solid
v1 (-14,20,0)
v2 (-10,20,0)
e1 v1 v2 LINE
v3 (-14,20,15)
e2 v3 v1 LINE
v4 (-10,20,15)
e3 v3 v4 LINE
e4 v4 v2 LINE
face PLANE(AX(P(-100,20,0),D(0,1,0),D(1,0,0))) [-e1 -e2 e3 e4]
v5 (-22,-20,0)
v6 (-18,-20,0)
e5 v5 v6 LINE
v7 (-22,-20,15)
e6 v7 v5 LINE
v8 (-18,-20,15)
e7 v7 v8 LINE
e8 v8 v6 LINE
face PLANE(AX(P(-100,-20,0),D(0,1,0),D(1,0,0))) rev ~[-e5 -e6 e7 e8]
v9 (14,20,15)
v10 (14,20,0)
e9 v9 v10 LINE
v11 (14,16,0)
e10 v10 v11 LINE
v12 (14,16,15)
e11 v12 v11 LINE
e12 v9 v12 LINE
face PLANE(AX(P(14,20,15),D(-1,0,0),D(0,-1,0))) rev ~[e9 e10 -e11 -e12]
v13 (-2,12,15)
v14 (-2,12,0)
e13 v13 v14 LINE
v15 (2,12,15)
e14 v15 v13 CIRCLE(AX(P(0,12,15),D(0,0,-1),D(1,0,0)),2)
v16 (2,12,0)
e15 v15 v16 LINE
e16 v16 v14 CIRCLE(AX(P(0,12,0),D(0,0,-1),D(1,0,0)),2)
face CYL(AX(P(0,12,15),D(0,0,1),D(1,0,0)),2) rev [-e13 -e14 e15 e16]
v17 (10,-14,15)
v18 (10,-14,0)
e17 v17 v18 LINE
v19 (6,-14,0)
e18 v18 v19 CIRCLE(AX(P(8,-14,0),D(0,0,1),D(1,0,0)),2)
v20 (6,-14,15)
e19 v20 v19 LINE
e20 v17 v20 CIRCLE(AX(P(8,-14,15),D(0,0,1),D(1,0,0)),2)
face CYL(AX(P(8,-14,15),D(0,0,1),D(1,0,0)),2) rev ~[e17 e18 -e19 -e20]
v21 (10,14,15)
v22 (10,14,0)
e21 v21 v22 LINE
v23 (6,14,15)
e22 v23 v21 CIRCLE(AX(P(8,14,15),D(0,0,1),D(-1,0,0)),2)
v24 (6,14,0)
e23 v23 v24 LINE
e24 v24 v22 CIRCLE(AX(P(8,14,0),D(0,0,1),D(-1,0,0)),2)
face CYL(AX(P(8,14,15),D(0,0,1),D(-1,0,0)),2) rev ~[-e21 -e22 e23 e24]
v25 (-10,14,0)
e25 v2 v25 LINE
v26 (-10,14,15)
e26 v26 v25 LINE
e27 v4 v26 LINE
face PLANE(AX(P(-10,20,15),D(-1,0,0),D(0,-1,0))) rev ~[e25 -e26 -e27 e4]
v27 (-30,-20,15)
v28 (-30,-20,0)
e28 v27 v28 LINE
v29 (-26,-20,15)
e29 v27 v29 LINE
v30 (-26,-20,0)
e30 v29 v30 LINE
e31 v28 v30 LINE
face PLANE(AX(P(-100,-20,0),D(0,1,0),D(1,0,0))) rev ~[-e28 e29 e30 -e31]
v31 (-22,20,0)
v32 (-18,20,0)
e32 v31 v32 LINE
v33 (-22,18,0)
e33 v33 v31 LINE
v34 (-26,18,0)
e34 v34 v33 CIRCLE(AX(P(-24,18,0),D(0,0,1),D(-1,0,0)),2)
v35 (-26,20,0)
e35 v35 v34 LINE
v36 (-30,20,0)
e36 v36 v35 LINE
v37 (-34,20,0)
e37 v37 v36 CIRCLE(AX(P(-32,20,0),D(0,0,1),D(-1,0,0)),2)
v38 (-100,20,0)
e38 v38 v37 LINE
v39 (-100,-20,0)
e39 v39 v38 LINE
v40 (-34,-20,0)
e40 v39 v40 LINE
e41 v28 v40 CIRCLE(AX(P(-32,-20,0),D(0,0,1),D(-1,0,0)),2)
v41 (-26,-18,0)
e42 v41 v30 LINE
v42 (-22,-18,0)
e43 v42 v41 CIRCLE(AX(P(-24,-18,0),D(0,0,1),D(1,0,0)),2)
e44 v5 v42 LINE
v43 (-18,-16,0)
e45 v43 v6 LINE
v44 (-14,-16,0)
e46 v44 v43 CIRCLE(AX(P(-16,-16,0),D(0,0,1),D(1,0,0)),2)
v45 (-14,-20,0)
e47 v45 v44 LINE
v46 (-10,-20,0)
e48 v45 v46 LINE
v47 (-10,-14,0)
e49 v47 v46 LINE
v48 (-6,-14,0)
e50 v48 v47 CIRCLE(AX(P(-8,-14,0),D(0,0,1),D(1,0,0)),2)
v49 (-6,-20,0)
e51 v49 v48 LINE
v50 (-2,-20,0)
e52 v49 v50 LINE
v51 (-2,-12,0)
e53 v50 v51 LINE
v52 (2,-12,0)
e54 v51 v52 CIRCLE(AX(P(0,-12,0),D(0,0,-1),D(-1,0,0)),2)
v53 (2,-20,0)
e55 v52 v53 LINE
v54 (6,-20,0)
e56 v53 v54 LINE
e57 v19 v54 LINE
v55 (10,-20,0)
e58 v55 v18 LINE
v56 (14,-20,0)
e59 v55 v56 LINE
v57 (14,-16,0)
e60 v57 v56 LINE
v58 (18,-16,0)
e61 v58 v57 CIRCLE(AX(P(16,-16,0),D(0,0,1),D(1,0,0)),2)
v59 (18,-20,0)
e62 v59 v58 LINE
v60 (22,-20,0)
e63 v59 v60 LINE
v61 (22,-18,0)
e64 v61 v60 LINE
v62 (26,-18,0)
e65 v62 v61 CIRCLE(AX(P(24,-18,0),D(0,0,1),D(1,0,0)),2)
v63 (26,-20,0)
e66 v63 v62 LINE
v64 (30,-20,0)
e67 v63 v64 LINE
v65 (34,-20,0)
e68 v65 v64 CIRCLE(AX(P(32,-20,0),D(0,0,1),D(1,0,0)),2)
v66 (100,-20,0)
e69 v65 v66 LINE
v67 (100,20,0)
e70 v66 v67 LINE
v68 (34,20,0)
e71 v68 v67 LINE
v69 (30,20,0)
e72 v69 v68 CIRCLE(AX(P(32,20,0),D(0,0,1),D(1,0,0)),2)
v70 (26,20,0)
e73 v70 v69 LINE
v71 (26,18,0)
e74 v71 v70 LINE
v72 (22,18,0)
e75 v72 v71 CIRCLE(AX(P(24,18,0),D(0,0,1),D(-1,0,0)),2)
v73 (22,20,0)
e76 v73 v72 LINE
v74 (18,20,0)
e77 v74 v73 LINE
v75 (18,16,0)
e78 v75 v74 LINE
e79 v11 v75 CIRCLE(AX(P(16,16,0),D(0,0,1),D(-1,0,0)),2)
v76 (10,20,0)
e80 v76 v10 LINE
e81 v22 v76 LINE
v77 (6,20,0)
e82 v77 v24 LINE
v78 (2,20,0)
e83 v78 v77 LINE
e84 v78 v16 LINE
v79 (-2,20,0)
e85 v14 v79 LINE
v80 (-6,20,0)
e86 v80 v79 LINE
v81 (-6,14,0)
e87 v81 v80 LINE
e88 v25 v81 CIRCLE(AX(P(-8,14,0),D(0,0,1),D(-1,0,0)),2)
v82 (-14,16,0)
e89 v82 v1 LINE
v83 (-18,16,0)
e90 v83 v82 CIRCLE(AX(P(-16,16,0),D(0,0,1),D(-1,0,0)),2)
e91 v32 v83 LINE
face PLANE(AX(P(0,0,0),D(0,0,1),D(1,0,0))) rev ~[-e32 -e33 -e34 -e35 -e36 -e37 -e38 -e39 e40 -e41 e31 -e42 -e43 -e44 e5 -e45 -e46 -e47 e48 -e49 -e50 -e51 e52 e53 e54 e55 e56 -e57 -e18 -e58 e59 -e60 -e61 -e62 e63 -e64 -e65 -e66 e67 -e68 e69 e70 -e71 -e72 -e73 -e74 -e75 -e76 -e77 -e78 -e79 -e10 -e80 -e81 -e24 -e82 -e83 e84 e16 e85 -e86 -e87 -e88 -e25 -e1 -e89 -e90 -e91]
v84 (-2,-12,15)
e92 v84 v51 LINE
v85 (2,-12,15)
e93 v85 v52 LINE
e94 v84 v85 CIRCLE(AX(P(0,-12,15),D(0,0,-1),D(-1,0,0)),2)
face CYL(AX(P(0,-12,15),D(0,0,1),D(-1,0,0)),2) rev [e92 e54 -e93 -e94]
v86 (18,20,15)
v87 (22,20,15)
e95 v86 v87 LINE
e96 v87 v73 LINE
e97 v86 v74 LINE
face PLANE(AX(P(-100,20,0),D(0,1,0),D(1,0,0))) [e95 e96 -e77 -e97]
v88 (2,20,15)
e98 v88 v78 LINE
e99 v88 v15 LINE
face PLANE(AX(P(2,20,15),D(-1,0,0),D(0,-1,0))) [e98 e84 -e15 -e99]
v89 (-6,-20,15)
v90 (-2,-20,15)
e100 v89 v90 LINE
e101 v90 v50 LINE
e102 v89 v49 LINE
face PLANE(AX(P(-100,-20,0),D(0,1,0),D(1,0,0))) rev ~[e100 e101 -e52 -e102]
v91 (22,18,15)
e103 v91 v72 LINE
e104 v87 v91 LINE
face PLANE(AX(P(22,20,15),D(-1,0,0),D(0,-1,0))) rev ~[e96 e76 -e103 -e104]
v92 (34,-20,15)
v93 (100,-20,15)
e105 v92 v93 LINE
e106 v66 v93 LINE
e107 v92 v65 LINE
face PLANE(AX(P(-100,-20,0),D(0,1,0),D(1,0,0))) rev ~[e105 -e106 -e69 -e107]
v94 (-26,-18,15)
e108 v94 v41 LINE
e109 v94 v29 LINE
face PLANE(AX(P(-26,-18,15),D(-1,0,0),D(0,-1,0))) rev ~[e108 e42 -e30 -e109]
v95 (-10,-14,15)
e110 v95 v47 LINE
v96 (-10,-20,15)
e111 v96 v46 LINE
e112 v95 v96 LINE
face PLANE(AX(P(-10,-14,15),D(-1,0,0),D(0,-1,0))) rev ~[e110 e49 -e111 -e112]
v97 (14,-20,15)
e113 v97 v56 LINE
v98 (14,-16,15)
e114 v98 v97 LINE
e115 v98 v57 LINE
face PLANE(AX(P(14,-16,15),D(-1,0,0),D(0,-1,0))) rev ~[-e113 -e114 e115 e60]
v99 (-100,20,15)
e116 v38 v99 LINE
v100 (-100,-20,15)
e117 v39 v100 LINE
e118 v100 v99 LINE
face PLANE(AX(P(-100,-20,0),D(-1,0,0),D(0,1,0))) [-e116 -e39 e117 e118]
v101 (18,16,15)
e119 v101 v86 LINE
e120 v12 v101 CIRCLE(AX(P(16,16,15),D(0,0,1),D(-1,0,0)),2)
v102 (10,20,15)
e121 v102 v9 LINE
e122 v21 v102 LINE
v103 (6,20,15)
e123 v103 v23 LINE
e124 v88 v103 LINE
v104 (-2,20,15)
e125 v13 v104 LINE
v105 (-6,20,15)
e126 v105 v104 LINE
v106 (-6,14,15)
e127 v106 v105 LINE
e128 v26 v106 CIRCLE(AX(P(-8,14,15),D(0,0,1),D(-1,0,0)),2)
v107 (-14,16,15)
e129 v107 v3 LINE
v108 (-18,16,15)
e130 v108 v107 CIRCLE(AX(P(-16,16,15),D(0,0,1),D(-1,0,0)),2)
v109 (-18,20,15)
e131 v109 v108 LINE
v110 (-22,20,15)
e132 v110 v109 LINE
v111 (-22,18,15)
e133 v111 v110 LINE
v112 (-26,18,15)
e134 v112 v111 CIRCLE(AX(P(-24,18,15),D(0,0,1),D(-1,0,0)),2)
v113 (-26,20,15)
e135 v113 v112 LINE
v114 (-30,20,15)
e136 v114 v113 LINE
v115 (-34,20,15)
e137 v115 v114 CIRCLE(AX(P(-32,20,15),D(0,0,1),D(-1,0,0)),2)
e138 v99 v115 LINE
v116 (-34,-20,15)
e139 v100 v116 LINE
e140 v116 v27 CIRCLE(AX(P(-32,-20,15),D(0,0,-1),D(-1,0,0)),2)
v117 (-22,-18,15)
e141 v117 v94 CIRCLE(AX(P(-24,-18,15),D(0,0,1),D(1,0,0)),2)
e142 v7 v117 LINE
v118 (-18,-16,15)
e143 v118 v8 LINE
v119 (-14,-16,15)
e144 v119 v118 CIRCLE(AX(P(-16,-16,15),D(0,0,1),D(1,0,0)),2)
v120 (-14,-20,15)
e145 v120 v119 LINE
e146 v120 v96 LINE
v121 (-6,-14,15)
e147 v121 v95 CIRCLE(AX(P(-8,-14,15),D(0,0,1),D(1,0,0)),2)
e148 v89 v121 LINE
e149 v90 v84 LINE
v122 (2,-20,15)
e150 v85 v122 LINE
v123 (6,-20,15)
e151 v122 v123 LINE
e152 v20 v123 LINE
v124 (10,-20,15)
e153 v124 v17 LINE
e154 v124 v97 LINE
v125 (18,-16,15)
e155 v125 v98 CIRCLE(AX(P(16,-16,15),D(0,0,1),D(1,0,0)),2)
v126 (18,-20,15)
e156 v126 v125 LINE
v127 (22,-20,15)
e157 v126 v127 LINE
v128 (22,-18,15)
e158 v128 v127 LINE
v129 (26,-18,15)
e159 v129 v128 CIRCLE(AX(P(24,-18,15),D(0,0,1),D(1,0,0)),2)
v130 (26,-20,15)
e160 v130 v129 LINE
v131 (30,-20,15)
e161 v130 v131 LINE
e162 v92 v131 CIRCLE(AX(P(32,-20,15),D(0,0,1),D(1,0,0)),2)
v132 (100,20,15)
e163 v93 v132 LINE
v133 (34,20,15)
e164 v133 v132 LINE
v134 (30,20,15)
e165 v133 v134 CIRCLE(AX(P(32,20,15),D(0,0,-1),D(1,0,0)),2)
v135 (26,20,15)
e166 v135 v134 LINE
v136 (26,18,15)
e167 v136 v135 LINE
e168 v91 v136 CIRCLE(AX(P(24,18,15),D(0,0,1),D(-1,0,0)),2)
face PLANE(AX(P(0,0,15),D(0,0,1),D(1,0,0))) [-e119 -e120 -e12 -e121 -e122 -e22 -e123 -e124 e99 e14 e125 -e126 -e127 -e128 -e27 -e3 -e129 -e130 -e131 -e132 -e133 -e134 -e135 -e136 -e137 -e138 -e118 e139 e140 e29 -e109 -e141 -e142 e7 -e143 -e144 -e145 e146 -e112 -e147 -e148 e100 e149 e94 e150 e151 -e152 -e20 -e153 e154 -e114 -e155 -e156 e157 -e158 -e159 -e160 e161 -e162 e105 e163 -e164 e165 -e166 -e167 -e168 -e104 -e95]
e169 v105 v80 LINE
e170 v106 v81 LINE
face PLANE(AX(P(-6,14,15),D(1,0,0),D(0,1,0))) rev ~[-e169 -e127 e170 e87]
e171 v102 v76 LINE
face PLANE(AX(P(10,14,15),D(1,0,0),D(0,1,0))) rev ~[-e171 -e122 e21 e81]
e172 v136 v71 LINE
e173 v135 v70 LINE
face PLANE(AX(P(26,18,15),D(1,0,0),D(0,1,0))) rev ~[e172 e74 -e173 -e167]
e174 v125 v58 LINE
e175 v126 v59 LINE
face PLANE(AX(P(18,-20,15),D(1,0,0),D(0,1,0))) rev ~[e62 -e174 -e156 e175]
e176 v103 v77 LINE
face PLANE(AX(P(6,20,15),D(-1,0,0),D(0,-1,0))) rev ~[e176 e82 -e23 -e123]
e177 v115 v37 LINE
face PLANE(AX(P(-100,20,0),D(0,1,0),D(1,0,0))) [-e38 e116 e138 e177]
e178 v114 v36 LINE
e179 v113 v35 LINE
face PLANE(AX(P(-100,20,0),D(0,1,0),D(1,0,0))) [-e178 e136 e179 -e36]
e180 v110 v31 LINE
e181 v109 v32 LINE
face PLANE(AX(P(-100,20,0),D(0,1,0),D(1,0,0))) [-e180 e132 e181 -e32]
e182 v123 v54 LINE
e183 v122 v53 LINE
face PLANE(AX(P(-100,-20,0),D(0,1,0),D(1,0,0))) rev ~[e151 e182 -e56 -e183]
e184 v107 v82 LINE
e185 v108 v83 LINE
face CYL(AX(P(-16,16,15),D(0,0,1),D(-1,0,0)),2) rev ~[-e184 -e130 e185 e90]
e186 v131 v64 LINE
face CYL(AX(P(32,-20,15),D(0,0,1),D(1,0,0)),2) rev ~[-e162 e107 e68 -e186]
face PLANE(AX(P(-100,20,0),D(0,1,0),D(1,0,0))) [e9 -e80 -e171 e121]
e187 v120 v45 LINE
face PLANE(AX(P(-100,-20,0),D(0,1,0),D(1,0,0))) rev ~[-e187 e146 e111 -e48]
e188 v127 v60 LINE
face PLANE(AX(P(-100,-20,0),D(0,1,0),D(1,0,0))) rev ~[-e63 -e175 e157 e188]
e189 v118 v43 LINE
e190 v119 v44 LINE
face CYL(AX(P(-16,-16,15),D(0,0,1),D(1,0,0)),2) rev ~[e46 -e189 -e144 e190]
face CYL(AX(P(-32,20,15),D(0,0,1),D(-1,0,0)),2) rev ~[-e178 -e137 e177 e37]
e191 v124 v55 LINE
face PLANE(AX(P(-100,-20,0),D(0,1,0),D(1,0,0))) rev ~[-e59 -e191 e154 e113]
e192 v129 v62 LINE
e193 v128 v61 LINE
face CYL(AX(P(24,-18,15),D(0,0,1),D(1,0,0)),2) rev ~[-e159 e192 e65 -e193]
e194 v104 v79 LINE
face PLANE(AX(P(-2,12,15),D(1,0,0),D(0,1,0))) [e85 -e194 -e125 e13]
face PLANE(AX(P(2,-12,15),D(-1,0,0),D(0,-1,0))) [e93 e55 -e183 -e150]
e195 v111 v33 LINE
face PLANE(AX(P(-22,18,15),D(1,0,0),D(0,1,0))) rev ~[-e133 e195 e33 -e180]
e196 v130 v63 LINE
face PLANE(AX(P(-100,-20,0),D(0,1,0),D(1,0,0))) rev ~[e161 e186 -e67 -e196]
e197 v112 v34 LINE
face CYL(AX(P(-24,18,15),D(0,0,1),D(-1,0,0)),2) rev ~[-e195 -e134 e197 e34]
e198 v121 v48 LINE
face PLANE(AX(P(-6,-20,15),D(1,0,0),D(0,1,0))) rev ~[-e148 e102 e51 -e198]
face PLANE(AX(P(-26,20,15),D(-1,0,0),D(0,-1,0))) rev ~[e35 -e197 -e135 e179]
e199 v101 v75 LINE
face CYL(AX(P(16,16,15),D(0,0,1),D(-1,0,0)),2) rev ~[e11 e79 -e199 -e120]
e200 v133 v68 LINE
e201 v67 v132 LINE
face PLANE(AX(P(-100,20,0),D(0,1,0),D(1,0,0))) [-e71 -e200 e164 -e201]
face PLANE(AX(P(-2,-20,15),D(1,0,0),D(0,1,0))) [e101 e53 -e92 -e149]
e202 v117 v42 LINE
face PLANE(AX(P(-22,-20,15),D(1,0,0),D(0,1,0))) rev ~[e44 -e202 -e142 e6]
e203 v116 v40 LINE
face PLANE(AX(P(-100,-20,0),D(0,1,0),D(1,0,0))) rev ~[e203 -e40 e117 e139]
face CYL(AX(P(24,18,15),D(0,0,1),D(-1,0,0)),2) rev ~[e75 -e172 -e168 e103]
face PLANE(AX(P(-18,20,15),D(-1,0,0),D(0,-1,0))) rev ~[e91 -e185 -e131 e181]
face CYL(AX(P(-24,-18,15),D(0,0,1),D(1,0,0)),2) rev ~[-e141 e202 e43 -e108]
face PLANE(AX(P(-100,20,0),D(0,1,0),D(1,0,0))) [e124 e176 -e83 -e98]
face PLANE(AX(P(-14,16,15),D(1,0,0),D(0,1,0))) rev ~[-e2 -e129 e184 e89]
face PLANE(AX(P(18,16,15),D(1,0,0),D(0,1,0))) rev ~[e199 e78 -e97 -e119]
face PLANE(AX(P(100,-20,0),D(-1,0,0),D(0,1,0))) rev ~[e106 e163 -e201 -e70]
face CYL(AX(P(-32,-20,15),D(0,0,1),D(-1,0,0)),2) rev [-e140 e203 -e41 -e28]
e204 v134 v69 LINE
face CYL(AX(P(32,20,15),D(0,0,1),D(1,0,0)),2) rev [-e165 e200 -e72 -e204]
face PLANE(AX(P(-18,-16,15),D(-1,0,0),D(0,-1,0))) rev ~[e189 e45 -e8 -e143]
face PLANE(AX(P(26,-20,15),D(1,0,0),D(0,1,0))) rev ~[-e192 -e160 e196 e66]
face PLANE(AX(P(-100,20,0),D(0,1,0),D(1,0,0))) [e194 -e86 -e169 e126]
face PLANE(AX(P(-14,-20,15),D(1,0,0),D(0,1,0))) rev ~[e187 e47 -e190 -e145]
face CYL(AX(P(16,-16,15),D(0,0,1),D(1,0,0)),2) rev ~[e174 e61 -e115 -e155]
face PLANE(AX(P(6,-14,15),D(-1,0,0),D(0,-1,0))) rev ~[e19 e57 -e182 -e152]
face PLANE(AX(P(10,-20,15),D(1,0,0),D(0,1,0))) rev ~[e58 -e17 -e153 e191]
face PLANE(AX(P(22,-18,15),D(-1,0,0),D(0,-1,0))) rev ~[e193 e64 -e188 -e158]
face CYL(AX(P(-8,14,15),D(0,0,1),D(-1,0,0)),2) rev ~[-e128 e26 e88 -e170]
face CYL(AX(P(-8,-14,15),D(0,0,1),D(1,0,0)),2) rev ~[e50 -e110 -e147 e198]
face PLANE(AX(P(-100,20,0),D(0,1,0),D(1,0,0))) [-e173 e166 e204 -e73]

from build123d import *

# Parameters (mm, degrees)
SKETCH1_W                                = 200
SKETCH1_H                                = 40
RECTANGULAR_BAR_40_W_X_200_L_X_15D_DEPTH = 15
NOTCH_CUT_OUT_DEPTH                      = 15
CUT_EXTRUDE1_DEPTH                       = 16


with BuildPart() as part:
    # Sketch1 → Rectangular Bar (40 W x 200 L x 15D) (new body)
    with BuildSketch(Plane.XY):
        Rectangle(SKETCH1_W, SKETCH1_H)
    extrude(amount=RECTANGULAR_BAR_40_W_X_200_L_X_15D_DEPTH)

    # Notch → Notch cut out (cut)
    with BuildSketch(Plane.XY.offset(15)):
        with BuildLine():
            Line((2, 20), (2, 12))
            ThreePointArc((2, 12), (0, 10), (-2, 12))
            Line((-2, 12), (-2, 20))
            Line((-2, 20), (2, 20))
        make_face()
        with BuildLine():
            Line((-2, -20), (-2, -12))
            ThreePointArc((-2, -12), (0, -10), (2, -12))
            Line((2, -12), (2, -20))
            Line((2, -20), (-2, -20))
        make_face()
    extrude(amount=-NOTCH_CUT_OUT_DEPTH, mode=Mode.SUBTRACT)

    # Sketch2 → Cut-Extrude1 (cut, through all)
    with BuildSketch(Plane.XY.offset(15)):
        with BuildLine():
            Line((6, 20), (6, 14))
            ThreePointArc((6, 14), (8, 12), (10, 14))
            Line((10, 14), (10, 20))
            Line((10, 20), (6, 20))
        make_face()
        with BuildLine():
            Line((14, 20), (14, 16))
            ThreePointArc((14, 16), (16, 14), (18, 16))
            Line((18, 16), (18, 20))
            Line((18, 20), (14, 20))
        make_face()
        with BuildLine():
            Line((22, 20), (22, 18))
            ThreePointArc((22, 18), (24, 16), (26, 18))
            Line((26, 18), (26, 20))
            Line((26, 20), (22, 20))
        make_face()
        with BuildLine():
            Line((30, 20), (34, 20))
            ThreePointArc((34, 20), (32, 18), (30, 20))
        make_face()
        with BuildLine():
            Line((-30, 20), (-34, 20))
            ThreePointArc((-34, 20), (-32, 18), (-30, 20))
        make_face()
        with BuildLine():
            Line((-22, 20), (-26, 20))
            Line((-26, 20), (-26, 18))
            ThreePointArc((-26, 18), (-24, 16), (-22, 18))
            Line((-22, 18), (-22, 20))
        make_face()
        with BuildLine():
            Line((-18, 20), (-18, 16))
            ThreePointArc((-18, 16), (-16, 14), (-14, 16))
            Line((-14, 16), (-14, 20))
            Line((-14, 20), (-18, 20))
        make_face()
        with BuildLine():
            Line((-10, 20), (-10, 14))
            ThreePointArc((-10, 14), (-8, 12), (-6, 14))
            Line((-6, 14), (-6, 20))
            Line((-6, 20), (-10, 20))
        make_face()
        with BuildLine():
            Line((30, -20), (34, -20))
            ThreePointArc((34, -20), (32, -18), (30, -20))
        make_face()
        with BuildLine():
            Line((26, -20), (26, -18))
            ThreePointArc((26, -18), (24, -16), (22, -18))
            Line((22, -18), (22, -20))
            Line((22, -20), (26, -20))
        make_face()
        with BuildLine():
            Line((18, -20), (18, -16))
            ThreePointArc((18, -16), (16, -14), (14, -16))
            Line((14, -16), (14, -20))
            Line((14, -20), (18, -20))
        make_face()
        with BuildLine():
            Line((10, -20), (10, -14))
            ThreePointArc((10, -14), (8, -12), (6, -14))
            Line((6, -14), (6, -20))
            Line((6, -20), (10, -20))
        make_face()
        with BuildLine():
            Line((-6, -20), (-6, -14))
            ThreePointArc((-6, -14), (-8, -12), (-10, -14))
            Line((-10, -14), (-10, -20))
            Line((-10, -20), (-6, -20))
        make_face()
        with BuildLine():
            Line((-14, -20), (-14, -16))
            ThreePointArc((-14, -16), (-16, -14), (-18, -16))
            Line((-18, -16), (-18, -20))
            Line((-18, -20), (-14, -20))
        make_face()
        with BuildLine():
            Line((-30, -20), (-34, -20))
            ThreePointArc((-34, -20), (-32, -18), (-30, -20))
        make_face()
        with BuildLine():
            Line((-22, -20), (-22, -18))
            ThreePointArc((-22, -18), (-24, -16), (-26, -18))
            Line((-26, -18), (-26, -20))
            Line((-26, -20), (-22, -20))
        make_face()
    extrude(amount=-CUT_EXTRUDE1_DEPTH, mode=Mode.SUBTRACT)


solid = part.part
